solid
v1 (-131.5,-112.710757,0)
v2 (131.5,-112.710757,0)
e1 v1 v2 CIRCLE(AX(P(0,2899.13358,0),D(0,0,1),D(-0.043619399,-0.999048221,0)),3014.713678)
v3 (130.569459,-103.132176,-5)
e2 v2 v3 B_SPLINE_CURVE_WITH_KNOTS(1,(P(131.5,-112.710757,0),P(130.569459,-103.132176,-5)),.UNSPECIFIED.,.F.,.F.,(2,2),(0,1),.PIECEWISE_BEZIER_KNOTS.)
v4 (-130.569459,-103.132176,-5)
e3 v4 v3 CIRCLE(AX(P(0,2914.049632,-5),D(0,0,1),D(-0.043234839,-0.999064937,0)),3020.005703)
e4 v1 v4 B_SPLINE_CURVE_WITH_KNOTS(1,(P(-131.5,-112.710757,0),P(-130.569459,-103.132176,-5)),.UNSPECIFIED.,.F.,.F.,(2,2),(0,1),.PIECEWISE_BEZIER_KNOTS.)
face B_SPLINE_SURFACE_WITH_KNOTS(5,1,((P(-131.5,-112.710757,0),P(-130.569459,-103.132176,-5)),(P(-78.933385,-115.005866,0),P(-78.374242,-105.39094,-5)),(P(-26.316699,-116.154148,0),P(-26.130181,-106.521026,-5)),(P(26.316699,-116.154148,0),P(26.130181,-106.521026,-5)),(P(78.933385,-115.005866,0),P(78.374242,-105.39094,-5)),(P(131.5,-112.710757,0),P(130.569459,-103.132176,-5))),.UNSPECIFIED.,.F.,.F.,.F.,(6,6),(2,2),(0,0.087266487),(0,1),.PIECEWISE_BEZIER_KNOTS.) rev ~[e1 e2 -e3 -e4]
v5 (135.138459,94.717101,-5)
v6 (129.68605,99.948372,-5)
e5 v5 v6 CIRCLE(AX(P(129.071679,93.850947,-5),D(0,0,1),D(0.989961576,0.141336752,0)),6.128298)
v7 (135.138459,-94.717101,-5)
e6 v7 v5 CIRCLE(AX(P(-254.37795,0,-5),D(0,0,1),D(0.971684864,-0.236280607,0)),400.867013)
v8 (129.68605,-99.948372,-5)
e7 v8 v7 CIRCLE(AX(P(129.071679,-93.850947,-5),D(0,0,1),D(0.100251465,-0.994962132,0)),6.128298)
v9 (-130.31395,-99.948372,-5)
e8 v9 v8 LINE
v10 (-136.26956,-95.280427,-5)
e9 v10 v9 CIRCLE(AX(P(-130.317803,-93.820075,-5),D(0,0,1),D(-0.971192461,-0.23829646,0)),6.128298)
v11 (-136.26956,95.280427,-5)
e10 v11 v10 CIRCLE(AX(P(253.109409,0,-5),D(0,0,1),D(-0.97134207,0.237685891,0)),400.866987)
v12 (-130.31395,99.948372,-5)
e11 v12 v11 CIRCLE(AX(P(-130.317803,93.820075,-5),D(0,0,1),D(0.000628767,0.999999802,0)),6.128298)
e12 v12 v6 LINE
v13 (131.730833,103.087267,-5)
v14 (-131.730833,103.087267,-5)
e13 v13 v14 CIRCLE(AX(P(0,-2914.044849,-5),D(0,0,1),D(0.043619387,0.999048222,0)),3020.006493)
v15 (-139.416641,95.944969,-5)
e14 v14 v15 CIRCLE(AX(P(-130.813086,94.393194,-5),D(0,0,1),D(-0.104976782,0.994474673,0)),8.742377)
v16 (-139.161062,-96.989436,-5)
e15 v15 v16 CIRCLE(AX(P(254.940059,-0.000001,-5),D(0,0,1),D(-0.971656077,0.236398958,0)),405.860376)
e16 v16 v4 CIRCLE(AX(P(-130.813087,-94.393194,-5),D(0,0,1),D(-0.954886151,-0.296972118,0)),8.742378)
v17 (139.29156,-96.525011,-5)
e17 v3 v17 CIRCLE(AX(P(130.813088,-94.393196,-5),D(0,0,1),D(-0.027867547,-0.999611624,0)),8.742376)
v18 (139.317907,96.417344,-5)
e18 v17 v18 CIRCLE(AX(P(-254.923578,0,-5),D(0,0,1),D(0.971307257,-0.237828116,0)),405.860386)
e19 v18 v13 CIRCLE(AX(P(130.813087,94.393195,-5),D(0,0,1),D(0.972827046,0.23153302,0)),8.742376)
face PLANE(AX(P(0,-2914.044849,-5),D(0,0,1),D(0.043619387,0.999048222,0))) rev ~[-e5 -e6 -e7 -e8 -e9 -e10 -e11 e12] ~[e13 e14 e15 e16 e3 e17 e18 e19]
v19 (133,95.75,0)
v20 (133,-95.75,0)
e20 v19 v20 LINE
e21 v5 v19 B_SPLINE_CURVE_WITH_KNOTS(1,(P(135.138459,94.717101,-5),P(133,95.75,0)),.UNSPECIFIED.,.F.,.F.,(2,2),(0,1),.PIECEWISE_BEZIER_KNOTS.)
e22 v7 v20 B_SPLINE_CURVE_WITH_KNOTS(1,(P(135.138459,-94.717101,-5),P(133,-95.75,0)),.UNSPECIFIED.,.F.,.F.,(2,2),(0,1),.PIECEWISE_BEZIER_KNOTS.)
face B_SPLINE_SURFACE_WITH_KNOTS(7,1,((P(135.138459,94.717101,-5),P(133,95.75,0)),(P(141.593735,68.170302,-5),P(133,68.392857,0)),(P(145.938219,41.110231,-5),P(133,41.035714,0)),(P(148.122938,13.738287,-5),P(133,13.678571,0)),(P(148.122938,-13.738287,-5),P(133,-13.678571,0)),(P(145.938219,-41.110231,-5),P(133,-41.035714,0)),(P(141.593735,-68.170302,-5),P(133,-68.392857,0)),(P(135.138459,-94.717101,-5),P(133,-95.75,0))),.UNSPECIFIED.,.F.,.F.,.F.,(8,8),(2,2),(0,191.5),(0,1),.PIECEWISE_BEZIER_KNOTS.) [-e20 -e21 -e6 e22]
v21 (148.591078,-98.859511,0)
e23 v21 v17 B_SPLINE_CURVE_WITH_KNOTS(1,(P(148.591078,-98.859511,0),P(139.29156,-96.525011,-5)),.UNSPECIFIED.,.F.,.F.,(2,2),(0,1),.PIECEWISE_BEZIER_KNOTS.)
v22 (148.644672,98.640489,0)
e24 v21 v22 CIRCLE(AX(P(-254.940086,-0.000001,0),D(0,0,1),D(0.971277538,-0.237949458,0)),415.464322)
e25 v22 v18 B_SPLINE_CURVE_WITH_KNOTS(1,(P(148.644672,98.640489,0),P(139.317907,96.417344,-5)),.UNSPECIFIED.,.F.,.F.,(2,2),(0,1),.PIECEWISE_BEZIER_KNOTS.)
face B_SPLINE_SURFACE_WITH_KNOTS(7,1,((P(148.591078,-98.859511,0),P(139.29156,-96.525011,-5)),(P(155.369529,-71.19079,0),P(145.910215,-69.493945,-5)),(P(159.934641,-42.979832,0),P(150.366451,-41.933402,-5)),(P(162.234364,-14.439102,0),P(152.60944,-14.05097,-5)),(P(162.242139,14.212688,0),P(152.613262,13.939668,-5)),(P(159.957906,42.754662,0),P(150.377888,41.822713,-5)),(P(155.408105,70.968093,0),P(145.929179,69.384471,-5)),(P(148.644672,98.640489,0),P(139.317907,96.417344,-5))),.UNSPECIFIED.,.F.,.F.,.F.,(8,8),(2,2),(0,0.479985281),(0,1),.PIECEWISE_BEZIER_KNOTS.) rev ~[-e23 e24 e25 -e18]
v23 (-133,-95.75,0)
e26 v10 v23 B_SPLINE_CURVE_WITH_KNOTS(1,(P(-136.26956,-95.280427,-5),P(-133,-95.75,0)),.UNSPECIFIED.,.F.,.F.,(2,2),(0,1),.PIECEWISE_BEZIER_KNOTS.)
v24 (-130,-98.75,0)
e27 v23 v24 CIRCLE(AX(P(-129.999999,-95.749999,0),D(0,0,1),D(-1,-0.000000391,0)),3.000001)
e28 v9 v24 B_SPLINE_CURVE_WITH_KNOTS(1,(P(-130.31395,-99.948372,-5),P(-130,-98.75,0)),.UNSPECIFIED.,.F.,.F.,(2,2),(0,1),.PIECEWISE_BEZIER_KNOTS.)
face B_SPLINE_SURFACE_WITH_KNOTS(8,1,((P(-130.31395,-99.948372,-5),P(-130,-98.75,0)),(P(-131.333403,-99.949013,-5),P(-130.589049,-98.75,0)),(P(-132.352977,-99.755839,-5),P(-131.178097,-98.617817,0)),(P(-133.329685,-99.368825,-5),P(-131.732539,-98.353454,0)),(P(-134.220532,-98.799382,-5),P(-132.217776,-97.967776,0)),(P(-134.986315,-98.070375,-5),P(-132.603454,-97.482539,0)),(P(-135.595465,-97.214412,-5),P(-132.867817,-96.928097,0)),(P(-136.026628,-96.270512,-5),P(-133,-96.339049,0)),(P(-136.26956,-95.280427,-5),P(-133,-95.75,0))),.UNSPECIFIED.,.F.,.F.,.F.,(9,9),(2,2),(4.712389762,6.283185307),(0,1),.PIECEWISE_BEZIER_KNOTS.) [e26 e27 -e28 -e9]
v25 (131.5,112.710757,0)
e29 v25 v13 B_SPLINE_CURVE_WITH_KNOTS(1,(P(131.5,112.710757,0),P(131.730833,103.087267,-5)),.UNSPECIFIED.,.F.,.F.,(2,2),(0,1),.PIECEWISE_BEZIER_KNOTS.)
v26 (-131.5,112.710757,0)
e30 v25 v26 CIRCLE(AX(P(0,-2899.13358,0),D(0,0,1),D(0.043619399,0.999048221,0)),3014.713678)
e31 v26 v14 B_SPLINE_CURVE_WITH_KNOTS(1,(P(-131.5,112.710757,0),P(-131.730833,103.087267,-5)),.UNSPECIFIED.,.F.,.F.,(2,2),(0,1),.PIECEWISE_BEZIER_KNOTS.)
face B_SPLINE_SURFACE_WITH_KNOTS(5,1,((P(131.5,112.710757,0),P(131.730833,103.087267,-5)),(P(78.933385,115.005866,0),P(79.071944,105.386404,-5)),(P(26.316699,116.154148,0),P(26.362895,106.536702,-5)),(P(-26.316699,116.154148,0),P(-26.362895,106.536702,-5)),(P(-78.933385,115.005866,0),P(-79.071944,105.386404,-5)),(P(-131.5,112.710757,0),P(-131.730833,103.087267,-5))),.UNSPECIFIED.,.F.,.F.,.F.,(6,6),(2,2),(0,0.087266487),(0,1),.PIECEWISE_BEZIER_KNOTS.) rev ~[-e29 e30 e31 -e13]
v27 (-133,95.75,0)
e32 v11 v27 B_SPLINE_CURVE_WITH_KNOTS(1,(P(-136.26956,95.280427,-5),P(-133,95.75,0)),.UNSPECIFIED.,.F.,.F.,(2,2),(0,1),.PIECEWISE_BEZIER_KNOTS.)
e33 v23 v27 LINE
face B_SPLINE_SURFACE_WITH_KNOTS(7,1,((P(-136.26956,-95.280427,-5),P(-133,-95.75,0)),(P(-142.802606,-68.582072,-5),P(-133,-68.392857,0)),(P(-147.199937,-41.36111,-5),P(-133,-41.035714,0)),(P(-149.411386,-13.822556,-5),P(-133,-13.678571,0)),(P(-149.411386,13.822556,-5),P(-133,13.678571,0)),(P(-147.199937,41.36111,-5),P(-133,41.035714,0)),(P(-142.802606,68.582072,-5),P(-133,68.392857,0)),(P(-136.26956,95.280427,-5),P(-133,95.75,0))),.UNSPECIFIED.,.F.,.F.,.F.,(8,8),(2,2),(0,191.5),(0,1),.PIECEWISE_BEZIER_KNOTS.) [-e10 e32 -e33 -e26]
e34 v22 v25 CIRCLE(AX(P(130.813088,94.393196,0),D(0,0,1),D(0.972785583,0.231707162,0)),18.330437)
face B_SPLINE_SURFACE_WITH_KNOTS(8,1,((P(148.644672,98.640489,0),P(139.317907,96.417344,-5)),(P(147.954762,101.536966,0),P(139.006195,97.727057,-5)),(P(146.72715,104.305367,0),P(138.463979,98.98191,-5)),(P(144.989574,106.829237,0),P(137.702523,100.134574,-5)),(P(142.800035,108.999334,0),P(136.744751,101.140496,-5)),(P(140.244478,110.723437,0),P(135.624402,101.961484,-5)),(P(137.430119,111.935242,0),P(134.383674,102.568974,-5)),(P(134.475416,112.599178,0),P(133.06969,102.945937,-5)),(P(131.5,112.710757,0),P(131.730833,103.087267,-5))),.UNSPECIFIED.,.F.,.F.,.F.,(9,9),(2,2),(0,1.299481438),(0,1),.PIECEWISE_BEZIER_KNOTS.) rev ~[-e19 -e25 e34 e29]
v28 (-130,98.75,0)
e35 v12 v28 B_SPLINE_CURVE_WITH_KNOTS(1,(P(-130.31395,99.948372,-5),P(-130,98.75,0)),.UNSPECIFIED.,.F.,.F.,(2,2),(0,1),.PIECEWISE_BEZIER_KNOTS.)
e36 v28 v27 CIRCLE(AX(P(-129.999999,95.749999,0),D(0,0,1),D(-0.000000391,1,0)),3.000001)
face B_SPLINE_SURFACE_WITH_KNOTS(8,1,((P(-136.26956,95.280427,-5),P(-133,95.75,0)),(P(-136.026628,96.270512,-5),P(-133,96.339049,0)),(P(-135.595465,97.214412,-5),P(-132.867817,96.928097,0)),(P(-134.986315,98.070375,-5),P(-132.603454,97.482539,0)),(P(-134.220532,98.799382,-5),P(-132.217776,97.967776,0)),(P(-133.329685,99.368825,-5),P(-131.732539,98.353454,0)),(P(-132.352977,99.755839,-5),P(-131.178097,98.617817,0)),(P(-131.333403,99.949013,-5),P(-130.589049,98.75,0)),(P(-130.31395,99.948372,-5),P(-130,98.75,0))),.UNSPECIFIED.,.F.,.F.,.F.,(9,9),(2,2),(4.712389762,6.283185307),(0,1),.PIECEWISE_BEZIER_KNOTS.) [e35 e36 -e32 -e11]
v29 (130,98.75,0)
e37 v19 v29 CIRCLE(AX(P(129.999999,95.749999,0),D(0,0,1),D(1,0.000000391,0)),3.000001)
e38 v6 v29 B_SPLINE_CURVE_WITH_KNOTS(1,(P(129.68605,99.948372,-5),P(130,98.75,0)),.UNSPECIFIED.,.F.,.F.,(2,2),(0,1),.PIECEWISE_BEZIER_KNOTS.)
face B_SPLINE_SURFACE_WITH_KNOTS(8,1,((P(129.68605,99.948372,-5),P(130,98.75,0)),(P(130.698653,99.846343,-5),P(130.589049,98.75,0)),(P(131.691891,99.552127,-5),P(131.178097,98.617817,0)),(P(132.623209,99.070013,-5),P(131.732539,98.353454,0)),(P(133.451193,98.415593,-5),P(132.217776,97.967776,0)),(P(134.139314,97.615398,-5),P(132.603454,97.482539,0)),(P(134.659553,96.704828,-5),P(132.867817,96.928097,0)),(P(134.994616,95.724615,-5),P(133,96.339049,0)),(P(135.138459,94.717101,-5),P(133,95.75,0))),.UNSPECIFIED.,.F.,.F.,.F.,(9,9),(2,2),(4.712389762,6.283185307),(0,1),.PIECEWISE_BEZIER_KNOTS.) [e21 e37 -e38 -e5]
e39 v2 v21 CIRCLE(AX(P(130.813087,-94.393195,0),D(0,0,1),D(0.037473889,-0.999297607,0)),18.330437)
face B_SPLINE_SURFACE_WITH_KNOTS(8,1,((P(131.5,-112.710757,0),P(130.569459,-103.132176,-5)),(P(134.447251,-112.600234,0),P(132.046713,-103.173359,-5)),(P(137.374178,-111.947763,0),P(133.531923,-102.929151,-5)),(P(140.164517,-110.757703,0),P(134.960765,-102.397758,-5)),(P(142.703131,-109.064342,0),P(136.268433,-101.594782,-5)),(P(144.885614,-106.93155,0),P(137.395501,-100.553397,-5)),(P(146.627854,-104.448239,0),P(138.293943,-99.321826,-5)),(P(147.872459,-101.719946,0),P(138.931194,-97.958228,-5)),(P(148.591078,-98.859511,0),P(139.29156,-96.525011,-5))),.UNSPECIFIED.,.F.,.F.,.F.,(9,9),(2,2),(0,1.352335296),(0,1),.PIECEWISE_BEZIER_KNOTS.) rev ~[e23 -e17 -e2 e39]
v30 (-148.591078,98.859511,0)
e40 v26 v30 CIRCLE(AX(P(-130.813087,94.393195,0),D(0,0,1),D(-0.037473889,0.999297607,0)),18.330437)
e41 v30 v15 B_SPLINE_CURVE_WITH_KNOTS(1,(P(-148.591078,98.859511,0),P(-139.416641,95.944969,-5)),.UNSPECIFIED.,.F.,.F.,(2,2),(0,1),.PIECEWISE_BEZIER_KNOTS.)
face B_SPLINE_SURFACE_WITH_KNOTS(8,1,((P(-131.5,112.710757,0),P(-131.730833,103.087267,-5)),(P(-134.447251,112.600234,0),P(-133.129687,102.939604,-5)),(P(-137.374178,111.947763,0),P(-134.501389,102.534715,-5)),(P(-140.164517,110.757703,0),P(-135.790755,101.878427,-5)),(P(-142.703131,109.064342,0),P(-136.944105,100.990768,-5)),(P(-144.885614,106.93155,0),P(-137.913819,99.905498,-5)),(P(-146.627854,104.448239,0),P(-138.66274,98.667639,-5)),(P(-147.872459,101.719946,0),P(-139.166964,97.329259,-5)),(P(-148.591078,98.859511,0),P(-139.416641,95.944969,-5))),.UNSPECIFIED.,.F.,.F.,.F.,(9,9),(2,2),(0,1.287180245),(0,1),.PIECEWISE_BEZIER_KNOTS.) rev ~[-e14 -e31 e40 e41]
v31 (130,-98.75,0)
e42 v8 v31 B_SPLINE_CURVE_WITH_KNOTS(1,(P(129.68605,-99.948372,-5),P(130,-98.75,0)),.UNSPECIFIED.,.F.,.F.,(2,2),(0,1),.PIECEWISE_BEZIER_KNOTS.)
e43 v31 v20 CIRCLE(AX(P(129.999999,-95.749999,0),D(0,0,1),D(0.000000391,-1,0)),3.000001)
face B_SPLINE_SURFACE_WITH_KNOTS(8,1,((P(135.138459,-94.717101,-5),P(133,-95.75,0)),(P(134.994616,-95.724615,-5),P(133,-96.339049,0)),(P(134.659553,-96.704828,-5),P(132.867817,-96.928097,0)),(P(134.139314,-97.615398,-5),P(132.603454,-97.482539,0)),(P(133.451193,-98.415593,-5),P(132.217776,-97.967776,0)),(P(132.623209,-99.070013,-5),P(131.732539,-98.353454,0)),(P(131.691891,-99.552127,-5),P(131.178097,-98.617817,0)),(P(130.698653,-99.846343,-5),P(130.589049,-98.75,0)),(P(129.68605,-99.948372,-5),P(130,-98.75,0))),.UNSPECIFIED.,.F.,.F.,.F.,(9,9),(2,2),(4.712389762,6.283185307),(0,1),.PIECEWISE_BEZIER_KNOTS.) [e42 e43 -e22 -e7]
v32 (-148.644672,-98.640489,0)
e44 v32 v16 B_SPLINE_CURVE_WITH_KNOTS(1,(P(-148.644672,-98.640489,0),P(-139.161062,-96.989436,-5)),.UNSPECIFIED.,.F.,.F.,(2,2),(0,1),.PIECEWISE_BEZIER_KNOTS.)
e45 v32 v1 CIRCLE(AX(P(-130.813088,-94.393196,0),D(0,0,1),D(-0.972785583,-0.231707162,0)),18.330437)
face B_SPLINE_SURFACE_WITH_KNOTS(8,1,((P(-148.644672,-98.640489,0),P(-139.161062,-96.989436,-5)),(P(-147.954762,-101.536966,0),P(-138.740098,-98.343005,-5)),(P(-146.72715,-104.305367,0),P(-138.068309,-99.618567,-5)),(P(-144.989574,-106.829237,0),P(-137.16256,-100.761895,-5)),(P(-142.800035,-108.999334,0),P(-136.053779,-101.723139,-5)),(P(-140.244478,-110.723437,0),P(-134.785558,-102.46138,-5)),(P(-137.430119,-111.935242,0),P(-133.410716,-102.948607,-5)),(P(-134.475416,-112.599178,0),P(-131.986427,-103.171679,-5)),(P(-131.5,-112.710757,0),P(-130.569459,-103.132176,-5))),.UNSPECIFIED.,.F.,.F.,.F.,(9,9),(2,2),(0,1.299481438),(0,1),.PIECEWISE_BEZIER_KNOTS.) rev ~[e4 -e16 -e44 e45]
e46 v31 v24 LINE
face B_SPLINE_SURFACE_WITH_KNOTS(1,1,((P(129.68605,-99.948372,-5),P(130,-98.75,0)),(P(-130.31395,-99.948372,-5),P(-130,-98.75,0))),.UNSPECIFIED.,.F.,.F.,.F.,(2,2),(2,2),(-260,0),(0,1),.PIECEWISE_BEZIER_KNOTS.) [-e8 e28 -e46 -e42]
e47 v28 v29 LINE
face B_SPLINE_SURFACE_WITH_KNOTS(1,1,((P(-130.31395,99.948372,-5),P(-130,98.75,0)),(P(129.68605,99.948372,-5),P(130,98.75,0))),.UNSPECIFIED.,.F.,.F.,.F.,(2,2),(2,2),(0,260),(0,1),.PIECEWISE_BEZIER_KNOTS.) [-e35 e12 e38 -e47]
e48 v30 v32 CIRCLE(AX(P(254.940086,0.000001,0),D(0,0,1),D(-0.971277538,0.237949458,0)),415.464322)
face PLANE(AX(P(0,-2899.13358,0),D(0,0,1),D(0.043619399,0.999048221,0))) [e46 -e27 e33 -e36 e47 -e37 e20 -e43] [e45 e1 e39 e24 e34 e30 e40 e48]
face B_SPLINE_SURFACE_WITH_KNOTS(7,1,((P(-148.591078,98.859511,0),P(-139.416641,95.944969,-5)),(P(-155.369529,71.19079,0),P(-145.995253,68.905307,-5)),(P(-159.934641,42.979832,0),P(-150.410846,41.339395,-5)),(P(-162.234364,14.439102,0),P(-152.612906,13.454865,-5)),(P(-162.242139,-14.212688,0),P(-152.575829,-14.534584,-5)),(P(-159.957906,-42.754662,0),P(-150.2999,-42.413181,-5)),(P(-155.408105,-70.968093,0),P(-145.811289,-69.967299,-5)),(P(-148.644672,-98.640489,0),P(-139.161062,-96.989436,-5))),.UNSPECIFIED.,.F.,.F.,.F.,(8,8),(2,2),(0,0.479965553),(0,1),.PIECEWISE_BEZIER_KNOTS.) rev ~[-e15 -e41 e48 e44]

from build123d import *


with BuildPart() as case_chamfer_front_inner:
    # Sketch037 → Loft section 0
    with BuildSketch(Plane.XY.offset(-5)):
        with BuildLine():
            Line((-130.31395, 99.948372), (129.68605, 99.948372))
            ThreePointArc((135.138459, 94.717101), (133.314437, 98.273056), (129.68605, 99.948372))
            ThreePointArc((135.138459, -94.717101), (146.489063, 0), (135.138459, 94.717101))
            ThreePointArc((129.68605, -99.948372), (133.314437, -98.273056), (135.138459, -94.717101))
            Line((-130.31395, -99.948372), (129.68605, -99.948372))
            ThreePointArc((-136.26956, -95.280427), (-134.098255, -98.643375), (-130.31395, -99.948372))
            ThreePointArc((-136.26956, 95.280427), (-147.757578, 0), (-136.26956, -95.280427))
            ThreePointArc((-130.31395, 99.948372), (-134.098255, 98.643375), (-136.26956, 95.280427))
        make_face()
    # Sketch038 → Loft section 1
    with BuildSketch(Plane.XY):
        with BuildLine():
            Line((-130, 98.75), (130, 98.75))
            ThreePointArc((133, 95.75), (132.12132, 97.87132), (130, 98.75))
            Line((133, 95.75), (133, -95.75))
            ThreePointArc((130, -98.75), (132.12132, -97.87132), (133, -95.75))
            Line((130, -98.75), (-130, -98.75))
            ThreePointArc((-133, -95.75), (-132.12132, -97.87132), (-130, -98.75))
            Line((-133, -95.75), (-133, 95.75))
            ThreePointArc((-130, 98.75), (-132.12132, 97.87132), (-133, 95.75))
        make_face()
    loft()


with BuildPart() as case_chamfer:
    # Sketch035 → Loft001 section 0
    with BuildSketch(Plane.XY):
        with BuildLine():
            ThreePointArc((131.5, 112.710757), (0, 115.580098), (-131.5, 112.710757))
            ThreePointArc((-131.5, 112.710757), (-142.354422, 108.63407), (-148.591078, 98.859511))
            ThreePointArc((-148.591078, 98.859511), (-160.524221, 0.112742), (-148.644672, -98.640489))
            ThreePointArc((-148.644672, -98.640489), (-142.441793, -108.562815), (-131.5, -112.710757))
            ThreePointArc((-131.5, -112.710757), (0, -115.580098), (131.5, -112.710757))
            ThreePointArc((131.5, -112.710757), (142.354422, -108.63407), (148.591078, -98.859511))
            ThreePointArc((148.591078, -98.859511), (160.524221, -0.112742), (148.644672, 98.640489))
            ThreePointArc((148.644672, 98.640489), (142.441793, 108.562815), (131.5, 112.710757))
        make_face()
    # Sketch036 → Loft001 section 1
    with BuildSketch(Plane.XY.offset(-5)):
        with BuildLine():
            ThreePointArc((131.730833, 103.087267), (0, 105.961644), (-131.730833, 103.087267))
            ThreePointArc((-131.730833, 103.087267), (-136.764296, 100.797276), (-139.416641, 95.944969))
            ThreePointArc((-139.416641, 95.944969), (-150.91996, -0.537641), (-139.161062, -96.989436))
            ThreePointArc((-139.161062, -96.989436), (-135.897713, -101.504856), (-130.569459, -103.132176))
            ThreePointArc((-130.569459, -103.132176), (0, -105.956071), (130.569459, -103.132176))
            ThreePointArc((130.569459, -103.132176), (136.091991, -101.361862), (139.29156, -96.525011))
            ThreePointArc((139.29156, -96.525011), (150.936804, -0.055422), (139.317907, 96.417344))
            ThreePointArc((139.317907, 96.417344), (136.585275, 100.959091), (131.730833, 103.087267))
        make_face()
    loft()

    # Cut001: cut CASE_chamfer_front_inner
    add(case_chamfer_front_inner.part, mode=Mode.SUBTRACT)


solid = case_chamfer.part
